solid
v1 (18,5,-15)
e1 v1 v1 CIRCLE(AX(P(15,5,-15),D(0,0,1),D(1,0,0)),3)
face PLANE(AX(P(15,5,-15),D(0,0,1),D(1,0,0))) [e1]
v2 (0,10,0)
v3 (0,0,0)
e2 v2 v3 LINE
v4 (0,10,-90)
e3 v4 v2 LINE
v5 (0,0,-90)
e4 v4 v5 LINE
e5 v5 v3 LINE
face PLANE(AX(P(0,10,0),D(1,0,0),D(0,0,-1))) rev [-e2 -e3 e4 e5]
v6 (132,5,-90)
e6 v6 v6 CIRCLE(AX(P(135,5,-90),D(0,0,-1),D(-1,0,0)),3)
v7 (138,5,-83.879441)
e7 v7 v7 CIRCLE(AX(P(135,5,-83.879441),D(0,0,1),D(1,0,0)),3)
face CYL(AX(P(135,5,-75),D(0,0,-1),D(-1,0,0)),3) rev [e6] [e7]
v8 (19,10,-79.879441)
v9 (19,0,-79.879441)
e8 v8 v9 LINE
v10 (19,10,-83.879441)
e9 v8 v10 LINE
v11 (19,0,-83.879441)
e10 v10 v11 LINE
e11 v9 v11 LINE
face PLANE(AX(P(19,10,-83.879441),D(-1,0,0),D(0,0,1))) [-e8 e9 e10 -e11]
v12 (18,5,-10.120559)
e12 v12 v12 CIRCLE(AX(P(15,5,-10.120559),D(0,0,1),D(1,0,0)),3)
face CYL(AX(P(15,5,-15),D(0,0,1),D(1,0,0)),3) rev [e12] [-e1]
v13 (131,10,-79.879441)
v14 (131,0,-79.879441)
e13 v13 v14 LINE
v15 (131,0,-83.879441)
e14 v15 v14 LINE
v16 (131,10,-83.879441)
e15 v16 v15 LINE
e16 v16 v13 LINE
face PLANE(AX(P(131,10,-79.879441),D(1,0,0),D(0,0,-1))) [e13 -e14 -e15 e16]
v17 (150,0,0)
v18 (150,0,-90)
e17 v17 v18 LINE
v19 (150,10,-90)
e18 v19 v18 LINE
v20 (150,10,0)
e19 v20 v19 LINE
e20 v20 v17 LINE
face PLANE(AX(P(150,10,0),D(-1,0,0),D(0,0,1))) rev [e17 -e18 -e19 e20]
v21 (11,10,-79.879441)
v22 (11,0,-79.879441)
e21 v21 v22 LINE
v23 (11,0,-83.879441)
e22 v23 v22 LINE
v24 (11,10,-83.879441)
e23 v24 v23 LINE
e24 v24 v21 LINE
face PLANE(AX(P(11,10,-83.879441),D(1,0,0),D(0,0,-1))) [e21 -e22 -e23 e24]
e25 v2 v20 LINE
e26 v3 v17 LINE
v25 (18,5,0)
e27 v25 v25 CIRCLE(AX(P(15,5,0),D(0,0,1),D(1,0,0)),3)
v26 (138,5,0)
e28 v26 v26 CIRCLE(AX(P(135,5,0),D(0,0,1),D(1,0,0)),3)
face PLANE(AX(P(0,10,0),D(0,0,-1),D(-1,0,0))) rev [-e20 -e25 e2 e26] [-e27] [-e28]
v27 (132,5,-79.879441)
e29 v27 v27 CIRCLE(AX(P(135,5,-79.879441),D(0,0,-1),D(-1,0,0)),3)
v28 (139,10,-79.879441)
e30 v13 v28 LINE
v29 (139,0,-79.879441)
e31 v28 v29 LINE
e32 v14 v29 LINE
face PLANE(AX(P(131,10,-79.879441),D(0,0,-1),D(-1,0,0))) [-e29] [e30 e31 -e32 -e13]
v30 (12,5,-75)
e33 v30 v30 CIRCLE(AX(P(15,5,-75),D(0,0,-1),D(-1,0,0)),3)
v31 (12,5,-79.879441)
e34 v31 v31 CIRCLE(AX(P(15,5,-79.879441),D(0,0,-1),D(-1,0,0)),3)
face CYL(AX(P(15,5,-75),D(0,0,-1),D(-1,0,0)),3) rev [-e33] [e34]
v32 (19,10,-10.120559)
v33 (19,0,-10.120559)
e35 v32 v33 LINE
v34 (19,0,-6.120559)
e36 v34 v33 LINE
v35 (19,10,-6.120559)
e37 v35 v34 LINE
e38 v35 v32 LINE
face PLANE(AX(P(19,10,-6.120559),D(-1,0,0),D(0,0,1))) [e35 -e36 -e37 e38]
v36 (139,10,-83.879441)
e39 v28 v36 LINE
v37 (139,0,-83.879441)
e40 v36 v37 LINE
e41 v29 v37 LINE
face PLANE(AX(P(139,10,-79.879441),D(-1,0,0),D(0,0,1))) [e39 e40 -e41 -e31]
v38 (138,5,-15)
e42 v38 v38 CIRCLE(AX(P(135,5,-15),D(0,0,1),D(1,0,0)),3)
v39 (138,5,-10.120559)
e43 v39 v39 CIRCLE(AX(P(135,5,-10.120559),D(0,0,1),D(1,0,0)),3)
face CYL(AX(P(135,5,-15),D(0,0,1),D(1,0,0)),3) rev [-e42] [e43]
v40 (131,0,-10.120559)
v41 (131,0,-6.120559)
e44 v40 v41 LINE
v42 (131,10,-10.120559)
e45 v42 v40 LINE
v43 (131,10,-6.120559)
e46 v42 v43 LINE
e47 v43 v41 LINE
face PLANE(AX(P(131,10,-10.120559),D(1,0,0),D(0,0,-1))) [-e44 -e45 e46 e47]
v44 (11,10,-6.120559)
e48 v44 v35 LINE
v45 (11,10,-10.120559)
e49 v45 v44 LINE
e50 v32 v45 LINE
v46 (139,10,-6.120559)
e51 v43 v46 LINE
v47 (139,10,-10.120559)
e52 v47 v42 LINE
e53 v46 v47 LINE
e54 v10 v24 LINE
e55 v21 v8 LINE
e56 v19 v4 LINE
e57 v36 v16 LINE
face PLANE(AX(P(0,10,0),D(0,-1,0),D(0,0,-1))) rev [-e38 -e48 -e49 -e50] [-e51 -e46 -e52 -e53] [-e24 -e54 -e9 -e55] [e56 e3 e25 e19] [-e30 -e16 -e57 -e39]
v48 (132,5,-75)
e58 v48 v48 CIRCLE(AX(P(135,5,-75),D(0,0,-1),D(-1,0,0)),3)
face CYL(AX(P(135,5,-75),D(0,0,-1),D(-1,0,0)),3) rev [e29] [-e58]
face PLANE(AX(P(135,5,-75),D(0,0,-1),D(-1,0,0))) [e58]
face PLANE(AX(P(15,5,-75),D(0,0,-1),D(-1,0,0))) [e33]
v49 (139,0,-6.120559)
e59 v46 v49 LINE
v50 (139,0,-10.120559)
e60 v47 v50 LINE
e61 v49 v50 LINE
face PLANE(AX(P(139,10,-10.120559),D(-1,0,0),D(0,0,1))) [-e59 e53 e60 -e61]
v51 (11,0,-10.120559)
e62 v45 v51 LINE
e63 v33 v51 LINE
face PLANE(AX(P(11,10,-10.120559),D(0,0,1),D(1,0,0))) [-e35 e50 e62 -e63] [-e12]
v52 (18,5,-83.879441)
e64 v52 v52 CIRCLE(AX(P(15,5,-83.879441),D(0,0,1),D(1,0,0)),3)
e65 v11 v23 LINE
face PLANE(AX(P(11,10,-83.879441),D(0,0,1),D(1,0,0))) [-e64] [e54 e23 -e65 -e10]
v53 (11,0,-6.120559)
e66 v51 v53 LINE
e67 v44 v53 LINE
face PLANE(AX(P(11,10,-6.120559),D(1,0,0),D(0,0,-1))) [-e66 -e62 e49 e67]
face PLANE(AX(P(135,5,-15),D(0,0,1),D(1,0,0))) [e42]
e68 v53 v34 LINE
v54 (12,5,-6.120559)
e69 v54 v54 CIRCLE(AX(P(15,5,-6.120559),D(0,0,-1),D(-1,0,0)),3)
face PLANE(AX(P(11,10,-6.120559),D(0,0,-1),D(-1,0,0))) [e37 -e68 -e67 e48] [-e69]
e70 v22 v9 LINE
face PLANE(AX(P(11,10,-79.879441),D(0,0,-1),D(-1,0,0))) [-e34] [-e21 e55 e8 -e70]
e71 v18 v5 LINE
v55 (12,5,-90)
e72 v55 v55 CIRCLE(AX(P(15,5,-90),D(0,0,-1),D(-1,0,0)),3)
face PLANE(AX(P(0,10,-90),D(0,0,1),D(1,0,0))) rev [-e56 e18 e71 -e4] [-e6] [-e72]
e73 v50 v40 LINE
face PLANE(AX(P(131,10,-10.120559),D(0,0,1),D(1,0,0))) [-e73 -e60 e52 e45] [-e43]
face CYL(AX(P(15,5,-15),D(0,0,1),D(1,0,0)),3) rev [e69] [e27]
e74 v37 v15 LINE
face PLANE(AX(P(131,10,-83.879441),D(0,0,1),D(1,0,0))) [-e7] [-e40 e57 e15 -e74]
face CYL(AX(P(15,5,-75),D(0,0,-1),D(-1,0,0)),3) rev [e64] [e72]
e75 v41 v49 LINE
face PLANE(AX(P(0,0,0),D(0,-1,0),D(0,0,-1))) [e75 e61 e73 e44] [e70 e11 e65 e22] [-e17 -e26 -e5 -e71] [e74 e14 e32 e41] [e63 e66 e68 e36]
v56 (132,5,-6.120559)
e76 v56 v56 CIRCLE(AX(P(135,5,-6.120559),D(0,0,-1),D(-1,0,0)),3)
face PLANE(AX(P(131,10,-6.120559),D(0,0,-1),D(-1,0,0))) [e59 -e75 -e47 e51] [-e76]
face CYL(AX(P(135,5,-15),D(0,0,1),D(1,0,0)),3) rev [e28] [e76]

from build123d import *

# Parameters (mm, degrees)
SKETCH1_W           = 150
SKETCH1_H           = 90
SKETCH1_W_2         = 8
SKETCH1_H_2         = 4
BOSS_EXTRUDE1_DEPTH = 10
SKETCH3_R           = 3
CUT_EXTRUDE1_DEPTH  = 15
CUT_EXTRUDE2_START  = -15
SKETCH4_R           = 3
CUT_EXTRUDE2_DEPTH  = 15


with BuildPart() as part:
    # Sketch1 → Boss-Extrude1 (new body)
    with BuildSketch(Plane(origin=(0, 0, 0), x_dir=(1, 0, 0), z_dir=(0, 1, 0))):
        with Locations((75, 45)):
            Rectangle(SKETCH1_W, SKETCH1_H)
        with Locations((135, 8.120559305)):
            Rectangle(SKETCH1_W_2, SKETCH1_H_2, mode=Mode.SUBTRACT)
        with Locations((15, 81.879440695)):
            Rectangle(SKETCH1_W_2, SKETCH1_H_2, mode=Mode.SUBTRACT)
        with Locations((135, 81.879440695)):
            Rectangle(SKETCH1_W_2, SKETCH1_H_2, mode=Mode.SUBTRACT)
        with Locations((15, 8.120559305)):
            Rectangle(SKETCH1_W_2, SKETCH1_H_2, mode=Mode.SUBTRACT)
    extrude(amount=BOSS_EXTRUDE1_DEPTH)

    # Sketch3 → Cut-Extrude1 (cut)
    with BuildSketch(Plane.XY):
        with Locations((15, 5)):
            Circle(SKETCH3_R)
        with Locations((135, 5)):
            Circle(SKETCH3_R)
    extrude(amount=-CUT_EXTRUDE1_DEPTH, mode=Mode.SUBTRACT)

    # Sketch4 → Cut-Extrude2 (cut)
    with BuildSketch(Plane(origin=(0, 0, -90), x_dir=(-1, 0, 0), z_dir=(0, 0, -1)).offset(CUT_EXTRUDE2_START)):
        with Locations(Location((-15, 5, 0), (0, 0, 180))):
            Circle(SKETCH4_R)
        with Locations(Location((-135, 5, 0), (0, 0, 180))):
            Circle(SKETCH4_R)
    extrude(amount=CUT_EXTRUDE2_DEPTH, mode=Mode.SUBTRACT)


solid = part.part
